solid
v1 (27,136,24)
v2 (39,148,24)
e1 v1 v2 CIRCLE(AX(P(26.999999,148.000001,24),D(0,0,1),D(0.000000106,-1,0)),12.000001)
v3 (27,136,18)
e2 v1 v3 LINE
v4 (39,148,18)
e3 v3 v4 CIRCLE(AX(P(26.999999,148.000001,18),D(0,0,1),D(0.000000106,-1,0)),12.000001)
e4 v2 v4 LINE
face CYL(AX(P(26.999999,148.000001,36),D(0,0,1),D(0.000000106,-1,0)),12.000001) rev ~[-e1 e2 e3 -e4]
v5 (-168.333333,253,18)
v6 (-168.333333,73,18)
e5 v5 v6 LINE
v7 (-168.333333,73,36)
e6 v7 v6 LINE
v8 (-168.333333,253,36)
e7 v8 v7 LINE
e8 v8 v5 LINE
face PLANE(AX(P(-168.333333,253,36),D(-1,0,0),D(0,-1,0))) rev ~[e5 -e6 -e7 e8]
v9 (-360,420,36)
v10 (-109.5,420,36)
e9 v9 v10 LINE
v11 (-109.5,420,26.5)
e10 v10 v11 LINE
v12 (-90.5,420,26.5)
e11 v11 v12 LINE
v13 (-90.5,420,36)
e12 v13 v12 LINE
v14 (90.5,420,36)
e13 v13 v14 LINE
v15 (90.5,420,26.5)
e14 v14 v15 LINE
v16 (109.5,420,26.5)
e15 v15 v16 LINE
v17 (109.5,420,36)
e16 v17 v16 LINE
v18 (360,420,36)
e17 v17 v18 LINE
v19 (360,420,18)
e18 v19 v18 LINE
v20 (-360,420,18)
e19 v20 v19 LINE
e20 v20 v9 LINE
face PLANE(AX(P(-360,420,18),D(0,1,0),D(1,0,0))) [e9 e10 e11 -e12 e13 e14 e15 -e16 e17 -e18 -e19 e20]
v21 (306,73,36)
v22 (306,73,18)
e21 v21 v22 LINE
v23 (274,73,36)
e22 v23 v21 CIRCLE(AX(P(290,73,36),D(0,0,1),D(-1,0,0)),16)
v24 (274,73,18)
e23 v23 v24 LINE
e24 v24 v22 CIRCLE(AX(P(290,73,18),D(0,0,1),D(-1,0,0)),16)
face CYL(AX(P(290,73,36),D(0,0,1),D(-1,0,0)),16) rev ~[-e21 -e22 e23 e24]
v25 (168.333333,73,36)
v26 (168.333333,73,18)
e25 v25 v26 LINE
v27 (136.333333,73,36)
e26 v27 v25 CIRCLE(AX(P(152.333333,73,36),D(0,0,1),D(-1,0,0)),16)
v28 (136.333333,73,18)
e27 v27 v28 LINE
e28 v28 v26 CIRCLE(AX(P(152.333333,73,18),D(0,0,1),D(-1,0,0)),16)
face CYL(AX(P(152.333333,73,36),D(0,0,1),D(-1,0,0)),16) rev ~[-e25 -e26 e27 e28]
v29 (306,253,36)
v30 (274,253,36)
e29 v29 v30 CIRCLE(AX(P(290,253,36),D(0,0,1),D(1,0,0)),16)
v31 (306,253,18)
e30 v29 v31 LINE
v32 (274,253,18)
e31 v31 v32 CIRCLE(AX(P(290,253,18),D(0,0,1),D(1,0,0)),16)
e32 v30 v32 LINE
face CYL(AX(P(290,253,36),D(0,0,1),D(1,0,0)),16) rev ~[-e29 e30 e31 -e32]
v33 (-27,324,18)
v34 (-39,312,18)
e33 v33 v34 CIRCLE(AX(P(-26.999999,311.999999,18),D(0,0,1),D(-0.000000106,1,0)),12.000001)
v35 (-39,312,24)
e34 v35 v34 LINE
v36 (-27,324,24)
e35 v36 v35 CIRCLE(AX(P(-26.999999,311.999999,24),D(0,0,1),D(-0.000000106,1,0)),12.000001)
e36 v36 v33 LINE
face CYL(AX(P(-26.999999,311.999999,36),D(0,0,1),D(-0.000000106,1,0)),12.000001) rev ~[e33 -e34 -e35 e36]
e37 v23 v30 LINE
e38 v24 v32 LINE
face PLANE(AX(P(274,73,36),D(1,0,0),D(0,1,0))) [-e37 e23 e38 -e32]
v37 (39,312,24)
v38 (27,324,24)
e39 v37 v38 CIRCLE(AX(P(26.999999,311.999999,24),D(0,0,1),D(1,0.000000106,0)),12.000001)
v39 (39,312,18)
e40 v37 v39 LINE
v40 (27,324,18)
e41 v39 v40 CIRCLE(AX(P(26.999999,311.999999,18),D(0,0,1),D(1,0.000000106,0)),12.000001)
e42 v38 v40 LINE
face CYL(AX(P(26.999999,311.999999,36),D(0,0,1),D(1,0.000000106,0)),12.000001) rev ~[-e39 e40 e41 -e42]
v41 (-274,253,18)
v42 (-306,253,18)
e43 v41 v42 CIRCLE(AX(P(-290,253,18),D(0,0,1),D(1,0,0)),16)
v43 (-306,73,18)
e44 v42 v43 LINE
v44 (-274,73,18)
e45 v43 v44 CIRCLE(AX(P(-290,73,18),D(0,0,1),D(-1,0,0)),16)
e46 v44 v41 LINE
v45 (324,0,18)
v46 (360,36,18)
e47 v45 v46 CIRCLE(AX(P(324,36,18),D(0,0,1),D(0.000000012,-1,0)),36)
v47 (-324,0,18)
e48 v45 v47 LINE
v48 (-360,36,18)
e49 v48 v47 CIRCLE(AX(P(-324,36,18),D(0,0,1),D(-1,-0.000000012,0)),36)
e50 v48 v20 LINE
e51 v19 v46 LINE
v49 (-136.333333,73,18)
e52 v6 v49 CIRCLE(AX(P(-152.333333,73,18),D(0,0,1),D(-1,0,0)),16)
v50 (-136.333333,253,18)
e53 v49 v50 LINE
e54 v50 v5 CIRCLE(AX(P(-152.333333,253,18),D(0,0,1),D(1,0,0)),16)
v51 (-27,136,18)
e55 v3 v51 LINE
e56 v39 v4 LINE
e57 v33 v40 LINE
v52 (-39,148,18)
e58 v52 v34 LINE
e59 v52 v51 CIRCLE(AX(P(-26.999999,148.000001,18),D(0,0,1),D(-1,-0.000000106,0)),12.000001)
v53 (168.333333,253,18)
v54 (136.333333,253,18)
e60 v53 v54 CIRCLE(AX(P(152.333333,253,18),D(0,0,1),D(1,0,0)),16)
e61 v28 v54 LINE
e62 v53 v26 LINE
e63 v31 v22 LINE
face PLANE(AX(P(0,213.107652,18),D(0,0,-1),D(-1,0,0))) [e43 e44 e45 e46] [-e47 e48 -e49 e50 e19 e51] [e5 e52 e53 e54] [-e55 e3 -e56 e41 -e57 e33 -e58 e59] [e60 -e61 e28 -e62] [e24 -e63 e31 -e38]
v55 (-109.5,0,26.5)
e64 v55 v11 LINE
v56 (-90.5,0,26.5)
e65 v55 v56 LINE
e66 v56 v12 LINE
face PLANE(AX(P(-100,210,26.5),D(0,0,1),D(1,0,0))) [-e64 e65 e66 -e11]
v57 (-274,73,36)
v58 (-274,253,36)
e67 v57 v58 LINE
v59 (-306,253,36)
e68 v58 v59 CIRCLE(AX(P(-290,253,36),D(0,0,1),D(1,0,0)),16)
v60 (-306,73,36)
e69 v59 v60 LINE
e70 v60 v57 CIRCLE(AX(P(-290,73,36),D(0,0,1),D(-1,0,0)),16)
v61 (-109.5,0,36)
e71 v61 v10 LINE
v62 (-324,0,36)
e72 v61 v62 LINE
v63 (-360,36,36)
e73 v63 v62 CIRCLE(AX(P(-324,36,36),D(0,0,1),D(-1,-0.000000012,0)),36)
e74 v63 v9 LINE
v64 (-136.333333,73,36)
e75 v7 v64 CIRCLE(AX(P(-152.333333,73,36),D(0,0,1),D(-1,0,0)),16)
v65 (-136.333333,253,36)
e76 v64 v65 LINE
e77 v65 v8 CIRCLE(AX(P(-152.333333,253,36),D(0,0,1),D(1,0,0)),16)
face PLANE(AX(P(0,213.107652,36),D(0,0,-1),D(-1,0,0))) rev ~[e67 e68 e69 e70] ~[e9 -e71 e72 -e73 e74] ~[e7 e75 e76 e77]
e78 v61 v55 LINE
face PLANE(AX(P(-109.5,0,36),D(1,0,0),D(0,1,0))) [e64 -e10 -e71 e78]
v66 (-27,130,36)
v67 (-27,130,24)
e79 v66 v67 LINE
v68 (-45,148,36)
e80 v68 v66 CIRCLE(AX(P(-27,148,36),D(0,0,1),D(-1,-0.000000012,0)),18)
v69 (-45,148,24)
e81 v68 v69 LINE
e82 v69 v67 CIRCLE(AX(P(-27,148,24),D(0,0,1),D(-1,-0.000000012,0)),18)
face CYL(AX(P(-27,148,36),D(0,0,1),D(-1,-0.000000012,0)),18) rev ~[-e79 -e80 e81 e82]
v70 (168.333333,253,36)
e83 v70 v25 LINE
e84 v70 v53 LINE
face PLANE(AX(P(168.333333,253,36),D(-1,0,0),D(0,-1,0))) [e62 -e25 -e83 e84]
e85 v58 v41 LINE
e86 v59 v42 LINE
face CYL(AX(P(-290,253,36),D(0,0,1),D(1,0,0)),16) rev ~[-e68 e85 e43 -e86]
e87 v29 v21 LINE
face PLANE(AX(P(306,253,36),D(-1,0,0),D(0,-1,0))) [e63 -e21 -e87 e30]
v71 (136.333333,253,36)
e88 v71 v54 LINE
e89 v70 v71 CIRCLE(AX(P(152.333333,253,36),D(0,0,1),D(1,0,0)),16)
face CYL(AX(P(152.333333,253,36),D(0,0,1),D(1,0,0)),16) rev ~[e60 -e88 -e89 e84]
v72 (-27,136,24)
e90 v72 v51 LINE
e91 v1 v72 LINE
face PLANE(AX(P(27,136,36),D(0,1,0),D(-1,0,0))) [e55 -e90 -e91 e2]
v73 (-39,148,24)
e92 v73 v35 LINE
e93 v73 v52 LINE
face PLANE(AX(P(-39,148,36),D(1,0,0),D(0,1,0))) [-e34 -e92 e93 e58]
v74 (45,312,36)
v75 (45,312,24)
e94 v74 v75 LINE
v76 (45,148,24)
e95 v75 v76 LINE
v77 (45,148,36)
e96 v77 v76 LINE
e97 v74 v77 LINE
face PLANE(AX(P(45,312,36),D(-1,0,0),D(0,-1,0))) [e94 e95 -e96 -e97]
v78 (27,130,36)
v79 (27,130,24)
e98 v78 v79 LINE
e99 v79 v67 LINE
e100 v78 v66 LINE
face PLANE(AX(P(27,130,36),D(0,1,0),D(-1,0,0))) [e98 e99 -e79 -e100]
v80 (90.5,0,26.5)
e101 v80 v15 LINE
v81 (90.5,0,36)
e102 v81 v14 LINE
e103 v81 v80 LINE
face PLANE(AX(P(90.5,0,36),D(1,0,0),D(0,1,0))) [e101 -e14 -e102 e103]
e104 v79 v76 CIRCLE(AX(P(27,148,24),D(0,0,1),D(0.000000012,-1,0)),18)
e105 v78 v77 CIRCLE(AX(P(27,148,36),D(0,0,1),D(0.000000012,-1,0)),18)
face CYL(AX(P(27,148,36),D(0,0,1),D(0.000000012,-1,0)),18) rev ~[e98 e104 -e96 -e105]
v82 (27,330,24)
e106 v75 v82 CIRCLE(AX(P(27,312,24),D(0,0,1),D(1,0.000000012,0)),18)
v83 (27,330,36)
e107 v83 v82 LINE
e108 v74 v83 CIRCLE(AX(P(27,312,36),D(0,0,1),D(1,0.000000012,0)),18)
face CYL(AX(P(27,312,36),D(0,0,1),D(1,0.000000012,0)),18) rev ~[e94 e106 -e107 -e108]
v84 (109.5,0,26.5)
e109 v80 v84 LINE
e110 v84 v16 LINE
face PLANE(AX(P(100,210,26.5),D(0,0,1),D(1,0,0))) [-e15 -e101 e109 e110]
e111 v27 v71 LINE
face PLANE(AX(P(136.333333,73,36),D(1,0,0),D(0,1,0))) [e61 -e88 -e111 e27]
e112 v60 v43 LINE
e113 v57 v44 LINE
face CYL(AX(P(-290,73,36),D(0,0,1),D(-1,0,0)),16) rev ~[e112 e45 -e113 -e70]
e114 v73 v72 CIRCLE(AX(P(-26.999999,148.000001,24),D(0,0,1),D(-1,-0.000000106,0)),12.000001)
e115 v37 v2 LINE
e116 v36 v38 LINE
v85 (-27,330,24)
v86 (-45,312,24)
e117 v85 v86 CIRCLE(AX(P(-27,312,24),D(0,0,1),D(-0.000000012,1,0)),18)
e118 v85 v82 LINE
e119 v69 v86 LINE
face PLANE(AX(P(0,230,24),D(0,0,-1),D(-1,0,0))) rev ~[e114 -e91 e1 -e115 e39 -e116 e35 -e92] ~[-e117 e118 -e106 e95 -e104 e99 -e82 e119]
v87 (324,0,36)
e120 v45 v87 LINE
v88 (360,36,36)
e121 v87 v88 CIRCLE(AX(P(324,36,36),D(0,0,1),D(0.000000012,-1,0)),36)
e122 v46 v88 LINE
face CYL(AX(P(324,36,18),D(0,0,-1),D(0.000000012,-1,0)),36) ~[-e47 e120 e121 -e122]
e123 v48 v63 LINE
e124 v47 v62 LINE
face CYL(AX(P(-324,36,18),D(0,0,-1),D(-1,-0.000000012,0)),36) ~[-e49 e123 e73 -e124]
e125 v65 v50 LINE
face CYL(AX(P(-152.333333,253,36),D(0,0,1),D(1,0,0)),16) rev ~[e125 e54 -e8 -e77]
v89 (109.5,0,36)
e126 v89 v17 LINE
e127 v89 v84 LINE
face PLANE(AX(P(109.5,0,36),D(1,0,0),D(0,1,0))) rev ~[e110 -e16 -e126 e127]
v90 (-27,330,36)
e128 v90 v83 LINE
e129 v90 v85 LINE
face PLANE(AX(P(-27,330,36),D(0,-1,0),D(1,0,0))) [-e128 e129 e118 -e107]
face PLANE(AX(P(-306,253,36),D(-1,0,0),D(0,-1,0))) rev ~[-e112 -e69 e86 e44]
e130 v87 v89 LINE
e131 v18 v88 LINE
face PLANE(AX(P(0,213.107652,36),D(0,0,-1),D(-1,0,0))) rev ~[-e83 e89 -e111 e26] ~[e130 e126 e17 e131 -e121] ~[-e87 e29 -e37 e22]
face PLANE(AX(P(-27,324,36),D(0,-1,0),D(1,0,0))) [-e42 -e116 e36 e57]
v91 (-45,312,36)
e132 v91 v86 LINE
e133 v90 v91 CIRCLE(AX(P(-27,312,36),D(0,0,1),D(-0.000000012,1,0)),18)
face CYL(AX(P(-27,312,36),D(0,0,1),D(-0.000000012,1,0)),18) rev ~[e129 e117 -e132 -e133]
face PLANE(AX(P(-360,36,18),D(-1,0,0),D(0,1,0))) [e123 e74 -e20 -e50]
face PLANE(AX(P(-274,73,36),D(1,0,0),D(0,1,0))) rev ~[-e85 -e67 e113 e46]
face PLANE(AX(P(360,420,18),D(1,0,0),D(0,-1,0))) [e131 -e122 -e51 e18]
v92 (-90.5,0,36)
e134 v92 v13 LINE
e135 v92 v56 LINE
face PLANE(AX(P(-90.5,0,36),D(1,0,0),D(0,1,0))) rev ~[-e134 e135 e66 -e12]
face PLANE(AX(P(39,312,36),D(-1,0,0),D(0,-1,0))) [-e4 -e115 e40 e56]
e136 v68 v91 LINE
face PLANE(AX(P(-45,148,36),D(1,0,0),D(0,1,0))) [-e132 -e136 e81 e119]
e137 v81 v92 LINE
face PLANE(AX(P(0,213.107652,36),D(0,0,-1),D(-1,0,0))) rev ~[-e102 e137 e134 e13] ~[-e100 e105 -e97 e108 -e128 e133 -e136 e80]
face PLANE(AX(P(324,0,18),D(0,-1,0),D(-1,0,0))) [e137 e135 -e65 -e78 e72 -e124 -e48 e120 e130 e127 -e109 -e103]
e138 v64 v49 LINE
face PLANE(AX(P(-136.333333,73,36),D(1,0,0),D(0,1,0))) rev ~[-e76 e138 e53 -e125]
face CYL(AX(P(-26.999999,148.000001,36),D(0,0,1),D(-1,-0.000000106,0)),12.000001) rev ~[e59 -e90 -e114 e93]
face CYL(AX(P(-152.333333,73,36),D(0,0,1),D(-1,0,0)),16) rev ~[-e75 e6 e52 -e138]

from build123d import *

# Parameters (mm, degrees)
PAD001_DEPTH    = 18
POCKET001_DEPTH = 18
SKETCH004_W     = 19
SKETCH004_H     = 420
POCKET002_DEPTH = 9.5
POCKET004_DEPTH = 12


with BuildPart() as part:
    # Sketch002 → Pad001 (new body)
    with BuildSketch(Plane.XY):
        with BuildLine():
            Line((-360, 420), (360, 420))
            Line((360, 420), (360, 36))
            ThreePointArc((324, 0), (349.455844, 10.544156), (360, 36))
            Line((324, 0), (-324, 0))
            ThreePointArc((-360, 36), (-349.455844, 10.544156), (-324, 0))
            Line((-360, 36), (-360, 420))
        make_face()
    extrude(amount=PAD001_DEPTH)

    # Sketch003 → Pocket001 (cut)
    with BuildSketch(Plane.XY.offset(18)):
        with BuildLine():
            ThreePointArc((-274, 253), (-290, 269), (-306, 253))
            Line((-306, 253), (-306, 73))
            ThreePointArc((-306, 73), (-290, 57), (-274, 73))
            Line((-274, 73), (-274, 253))
        make_face()
        with BuildLine():
            ThreePointArc((-136.333333, 253), (-152.333333, 269), (-168.333333, 253))
            Line((-168.333333, 253), (-168.333333, 73))
            ThreePointArc((-168.333333, 73), (-152.333333, 57), (-136.333333, 73))
            Line((-136.333333, 73), (-136.333333, 253))
        make_face()
        with BuildLine():
            ThreePointArc((306, 253), (290, 269), (274, 253))
            Line((274, 73), (274, 253))
            ThreePointArc((274, 73), (290, 57), (306, 73))
            Line((306, 253), (306, 73))
        make_face()
        with BuildLine():
            ThreePointArc((168.333333, 253), (152.333333, 269), (136.333333, 253))
            Line((136.333333, 73), (136.333333, 253))
            ThreePointArc((136.333333, 73), (152.333333, 57), (168.333333, 73))
            Line((168.333333, 253), (168.333333, 73))
        make_face()
        with BuildLine():
            Line((-27, 324), (27, 324))
            ThreePointArc((39, 312), (35.485281, 320.485281), (27, 324))
            Line((39, 312), (39, 148))
            ThreePointArc((27, 136), (35.485281, 139.514719), (39, 148))
            Line((27, 136), (-27, 136))
            ThreePointArc((-39, 148), (-35.485281, 139.514719), (-27, 136))
            Line((-39, 148), (-39, 312))
            ThreePointArc((-27, 324), (-35.485281, 320.485281), (-39, 312))
        make_face()
    extrude(amount=-POCKET001_DEPTH, mode=Mode.SUBTRACT)

    # Sketch004 → Pocket002 (cut)
    with BuildSketch(Plane.XY.offset(18)):
        with Locations((-100, 210)):
            Rectangle(SKETCH004_W, SKETCH004_H)
        with Locations((100, 210)):
            Rectangle(SKETCH004_W, SKETCH004_H)
    extrude(amount=-POCKET002_DEPTH, mode=Mode.SUBTRACT)

    # Sketch007 → Pocket004 (cut)
    with BuildSketch(Plane.XY.offset(18)):
        with BuildLine():
            Line((-27, 330), (27, 330))
            ThreePointArc((45, 312), (39.727922, 324.727922), (27, 330))
            Line((45, 312), (45, 148))
            ThreePointArc((27, 130), (39.727922, 135.272078), (45, 148))
            Line((27, 130), (-27, 130))
            ThreePointArc((-45, 148), (-39.727922, 135.272078), (-27, 130))
            Line((-45, 148), (-45, 312))
            ThreePointArc((-27, 330), (-39.727922, 324.727922), (-45, 312))
        make_face()
    extrude(amount=-POCKET004_DEPTH, mode=Mode.SUBTRACT)


with BuildPart() as part_1:
    # Body001 placement: moved
    add(part.part.moved(Location((0, 0, 18))))


solid = part_1.part
